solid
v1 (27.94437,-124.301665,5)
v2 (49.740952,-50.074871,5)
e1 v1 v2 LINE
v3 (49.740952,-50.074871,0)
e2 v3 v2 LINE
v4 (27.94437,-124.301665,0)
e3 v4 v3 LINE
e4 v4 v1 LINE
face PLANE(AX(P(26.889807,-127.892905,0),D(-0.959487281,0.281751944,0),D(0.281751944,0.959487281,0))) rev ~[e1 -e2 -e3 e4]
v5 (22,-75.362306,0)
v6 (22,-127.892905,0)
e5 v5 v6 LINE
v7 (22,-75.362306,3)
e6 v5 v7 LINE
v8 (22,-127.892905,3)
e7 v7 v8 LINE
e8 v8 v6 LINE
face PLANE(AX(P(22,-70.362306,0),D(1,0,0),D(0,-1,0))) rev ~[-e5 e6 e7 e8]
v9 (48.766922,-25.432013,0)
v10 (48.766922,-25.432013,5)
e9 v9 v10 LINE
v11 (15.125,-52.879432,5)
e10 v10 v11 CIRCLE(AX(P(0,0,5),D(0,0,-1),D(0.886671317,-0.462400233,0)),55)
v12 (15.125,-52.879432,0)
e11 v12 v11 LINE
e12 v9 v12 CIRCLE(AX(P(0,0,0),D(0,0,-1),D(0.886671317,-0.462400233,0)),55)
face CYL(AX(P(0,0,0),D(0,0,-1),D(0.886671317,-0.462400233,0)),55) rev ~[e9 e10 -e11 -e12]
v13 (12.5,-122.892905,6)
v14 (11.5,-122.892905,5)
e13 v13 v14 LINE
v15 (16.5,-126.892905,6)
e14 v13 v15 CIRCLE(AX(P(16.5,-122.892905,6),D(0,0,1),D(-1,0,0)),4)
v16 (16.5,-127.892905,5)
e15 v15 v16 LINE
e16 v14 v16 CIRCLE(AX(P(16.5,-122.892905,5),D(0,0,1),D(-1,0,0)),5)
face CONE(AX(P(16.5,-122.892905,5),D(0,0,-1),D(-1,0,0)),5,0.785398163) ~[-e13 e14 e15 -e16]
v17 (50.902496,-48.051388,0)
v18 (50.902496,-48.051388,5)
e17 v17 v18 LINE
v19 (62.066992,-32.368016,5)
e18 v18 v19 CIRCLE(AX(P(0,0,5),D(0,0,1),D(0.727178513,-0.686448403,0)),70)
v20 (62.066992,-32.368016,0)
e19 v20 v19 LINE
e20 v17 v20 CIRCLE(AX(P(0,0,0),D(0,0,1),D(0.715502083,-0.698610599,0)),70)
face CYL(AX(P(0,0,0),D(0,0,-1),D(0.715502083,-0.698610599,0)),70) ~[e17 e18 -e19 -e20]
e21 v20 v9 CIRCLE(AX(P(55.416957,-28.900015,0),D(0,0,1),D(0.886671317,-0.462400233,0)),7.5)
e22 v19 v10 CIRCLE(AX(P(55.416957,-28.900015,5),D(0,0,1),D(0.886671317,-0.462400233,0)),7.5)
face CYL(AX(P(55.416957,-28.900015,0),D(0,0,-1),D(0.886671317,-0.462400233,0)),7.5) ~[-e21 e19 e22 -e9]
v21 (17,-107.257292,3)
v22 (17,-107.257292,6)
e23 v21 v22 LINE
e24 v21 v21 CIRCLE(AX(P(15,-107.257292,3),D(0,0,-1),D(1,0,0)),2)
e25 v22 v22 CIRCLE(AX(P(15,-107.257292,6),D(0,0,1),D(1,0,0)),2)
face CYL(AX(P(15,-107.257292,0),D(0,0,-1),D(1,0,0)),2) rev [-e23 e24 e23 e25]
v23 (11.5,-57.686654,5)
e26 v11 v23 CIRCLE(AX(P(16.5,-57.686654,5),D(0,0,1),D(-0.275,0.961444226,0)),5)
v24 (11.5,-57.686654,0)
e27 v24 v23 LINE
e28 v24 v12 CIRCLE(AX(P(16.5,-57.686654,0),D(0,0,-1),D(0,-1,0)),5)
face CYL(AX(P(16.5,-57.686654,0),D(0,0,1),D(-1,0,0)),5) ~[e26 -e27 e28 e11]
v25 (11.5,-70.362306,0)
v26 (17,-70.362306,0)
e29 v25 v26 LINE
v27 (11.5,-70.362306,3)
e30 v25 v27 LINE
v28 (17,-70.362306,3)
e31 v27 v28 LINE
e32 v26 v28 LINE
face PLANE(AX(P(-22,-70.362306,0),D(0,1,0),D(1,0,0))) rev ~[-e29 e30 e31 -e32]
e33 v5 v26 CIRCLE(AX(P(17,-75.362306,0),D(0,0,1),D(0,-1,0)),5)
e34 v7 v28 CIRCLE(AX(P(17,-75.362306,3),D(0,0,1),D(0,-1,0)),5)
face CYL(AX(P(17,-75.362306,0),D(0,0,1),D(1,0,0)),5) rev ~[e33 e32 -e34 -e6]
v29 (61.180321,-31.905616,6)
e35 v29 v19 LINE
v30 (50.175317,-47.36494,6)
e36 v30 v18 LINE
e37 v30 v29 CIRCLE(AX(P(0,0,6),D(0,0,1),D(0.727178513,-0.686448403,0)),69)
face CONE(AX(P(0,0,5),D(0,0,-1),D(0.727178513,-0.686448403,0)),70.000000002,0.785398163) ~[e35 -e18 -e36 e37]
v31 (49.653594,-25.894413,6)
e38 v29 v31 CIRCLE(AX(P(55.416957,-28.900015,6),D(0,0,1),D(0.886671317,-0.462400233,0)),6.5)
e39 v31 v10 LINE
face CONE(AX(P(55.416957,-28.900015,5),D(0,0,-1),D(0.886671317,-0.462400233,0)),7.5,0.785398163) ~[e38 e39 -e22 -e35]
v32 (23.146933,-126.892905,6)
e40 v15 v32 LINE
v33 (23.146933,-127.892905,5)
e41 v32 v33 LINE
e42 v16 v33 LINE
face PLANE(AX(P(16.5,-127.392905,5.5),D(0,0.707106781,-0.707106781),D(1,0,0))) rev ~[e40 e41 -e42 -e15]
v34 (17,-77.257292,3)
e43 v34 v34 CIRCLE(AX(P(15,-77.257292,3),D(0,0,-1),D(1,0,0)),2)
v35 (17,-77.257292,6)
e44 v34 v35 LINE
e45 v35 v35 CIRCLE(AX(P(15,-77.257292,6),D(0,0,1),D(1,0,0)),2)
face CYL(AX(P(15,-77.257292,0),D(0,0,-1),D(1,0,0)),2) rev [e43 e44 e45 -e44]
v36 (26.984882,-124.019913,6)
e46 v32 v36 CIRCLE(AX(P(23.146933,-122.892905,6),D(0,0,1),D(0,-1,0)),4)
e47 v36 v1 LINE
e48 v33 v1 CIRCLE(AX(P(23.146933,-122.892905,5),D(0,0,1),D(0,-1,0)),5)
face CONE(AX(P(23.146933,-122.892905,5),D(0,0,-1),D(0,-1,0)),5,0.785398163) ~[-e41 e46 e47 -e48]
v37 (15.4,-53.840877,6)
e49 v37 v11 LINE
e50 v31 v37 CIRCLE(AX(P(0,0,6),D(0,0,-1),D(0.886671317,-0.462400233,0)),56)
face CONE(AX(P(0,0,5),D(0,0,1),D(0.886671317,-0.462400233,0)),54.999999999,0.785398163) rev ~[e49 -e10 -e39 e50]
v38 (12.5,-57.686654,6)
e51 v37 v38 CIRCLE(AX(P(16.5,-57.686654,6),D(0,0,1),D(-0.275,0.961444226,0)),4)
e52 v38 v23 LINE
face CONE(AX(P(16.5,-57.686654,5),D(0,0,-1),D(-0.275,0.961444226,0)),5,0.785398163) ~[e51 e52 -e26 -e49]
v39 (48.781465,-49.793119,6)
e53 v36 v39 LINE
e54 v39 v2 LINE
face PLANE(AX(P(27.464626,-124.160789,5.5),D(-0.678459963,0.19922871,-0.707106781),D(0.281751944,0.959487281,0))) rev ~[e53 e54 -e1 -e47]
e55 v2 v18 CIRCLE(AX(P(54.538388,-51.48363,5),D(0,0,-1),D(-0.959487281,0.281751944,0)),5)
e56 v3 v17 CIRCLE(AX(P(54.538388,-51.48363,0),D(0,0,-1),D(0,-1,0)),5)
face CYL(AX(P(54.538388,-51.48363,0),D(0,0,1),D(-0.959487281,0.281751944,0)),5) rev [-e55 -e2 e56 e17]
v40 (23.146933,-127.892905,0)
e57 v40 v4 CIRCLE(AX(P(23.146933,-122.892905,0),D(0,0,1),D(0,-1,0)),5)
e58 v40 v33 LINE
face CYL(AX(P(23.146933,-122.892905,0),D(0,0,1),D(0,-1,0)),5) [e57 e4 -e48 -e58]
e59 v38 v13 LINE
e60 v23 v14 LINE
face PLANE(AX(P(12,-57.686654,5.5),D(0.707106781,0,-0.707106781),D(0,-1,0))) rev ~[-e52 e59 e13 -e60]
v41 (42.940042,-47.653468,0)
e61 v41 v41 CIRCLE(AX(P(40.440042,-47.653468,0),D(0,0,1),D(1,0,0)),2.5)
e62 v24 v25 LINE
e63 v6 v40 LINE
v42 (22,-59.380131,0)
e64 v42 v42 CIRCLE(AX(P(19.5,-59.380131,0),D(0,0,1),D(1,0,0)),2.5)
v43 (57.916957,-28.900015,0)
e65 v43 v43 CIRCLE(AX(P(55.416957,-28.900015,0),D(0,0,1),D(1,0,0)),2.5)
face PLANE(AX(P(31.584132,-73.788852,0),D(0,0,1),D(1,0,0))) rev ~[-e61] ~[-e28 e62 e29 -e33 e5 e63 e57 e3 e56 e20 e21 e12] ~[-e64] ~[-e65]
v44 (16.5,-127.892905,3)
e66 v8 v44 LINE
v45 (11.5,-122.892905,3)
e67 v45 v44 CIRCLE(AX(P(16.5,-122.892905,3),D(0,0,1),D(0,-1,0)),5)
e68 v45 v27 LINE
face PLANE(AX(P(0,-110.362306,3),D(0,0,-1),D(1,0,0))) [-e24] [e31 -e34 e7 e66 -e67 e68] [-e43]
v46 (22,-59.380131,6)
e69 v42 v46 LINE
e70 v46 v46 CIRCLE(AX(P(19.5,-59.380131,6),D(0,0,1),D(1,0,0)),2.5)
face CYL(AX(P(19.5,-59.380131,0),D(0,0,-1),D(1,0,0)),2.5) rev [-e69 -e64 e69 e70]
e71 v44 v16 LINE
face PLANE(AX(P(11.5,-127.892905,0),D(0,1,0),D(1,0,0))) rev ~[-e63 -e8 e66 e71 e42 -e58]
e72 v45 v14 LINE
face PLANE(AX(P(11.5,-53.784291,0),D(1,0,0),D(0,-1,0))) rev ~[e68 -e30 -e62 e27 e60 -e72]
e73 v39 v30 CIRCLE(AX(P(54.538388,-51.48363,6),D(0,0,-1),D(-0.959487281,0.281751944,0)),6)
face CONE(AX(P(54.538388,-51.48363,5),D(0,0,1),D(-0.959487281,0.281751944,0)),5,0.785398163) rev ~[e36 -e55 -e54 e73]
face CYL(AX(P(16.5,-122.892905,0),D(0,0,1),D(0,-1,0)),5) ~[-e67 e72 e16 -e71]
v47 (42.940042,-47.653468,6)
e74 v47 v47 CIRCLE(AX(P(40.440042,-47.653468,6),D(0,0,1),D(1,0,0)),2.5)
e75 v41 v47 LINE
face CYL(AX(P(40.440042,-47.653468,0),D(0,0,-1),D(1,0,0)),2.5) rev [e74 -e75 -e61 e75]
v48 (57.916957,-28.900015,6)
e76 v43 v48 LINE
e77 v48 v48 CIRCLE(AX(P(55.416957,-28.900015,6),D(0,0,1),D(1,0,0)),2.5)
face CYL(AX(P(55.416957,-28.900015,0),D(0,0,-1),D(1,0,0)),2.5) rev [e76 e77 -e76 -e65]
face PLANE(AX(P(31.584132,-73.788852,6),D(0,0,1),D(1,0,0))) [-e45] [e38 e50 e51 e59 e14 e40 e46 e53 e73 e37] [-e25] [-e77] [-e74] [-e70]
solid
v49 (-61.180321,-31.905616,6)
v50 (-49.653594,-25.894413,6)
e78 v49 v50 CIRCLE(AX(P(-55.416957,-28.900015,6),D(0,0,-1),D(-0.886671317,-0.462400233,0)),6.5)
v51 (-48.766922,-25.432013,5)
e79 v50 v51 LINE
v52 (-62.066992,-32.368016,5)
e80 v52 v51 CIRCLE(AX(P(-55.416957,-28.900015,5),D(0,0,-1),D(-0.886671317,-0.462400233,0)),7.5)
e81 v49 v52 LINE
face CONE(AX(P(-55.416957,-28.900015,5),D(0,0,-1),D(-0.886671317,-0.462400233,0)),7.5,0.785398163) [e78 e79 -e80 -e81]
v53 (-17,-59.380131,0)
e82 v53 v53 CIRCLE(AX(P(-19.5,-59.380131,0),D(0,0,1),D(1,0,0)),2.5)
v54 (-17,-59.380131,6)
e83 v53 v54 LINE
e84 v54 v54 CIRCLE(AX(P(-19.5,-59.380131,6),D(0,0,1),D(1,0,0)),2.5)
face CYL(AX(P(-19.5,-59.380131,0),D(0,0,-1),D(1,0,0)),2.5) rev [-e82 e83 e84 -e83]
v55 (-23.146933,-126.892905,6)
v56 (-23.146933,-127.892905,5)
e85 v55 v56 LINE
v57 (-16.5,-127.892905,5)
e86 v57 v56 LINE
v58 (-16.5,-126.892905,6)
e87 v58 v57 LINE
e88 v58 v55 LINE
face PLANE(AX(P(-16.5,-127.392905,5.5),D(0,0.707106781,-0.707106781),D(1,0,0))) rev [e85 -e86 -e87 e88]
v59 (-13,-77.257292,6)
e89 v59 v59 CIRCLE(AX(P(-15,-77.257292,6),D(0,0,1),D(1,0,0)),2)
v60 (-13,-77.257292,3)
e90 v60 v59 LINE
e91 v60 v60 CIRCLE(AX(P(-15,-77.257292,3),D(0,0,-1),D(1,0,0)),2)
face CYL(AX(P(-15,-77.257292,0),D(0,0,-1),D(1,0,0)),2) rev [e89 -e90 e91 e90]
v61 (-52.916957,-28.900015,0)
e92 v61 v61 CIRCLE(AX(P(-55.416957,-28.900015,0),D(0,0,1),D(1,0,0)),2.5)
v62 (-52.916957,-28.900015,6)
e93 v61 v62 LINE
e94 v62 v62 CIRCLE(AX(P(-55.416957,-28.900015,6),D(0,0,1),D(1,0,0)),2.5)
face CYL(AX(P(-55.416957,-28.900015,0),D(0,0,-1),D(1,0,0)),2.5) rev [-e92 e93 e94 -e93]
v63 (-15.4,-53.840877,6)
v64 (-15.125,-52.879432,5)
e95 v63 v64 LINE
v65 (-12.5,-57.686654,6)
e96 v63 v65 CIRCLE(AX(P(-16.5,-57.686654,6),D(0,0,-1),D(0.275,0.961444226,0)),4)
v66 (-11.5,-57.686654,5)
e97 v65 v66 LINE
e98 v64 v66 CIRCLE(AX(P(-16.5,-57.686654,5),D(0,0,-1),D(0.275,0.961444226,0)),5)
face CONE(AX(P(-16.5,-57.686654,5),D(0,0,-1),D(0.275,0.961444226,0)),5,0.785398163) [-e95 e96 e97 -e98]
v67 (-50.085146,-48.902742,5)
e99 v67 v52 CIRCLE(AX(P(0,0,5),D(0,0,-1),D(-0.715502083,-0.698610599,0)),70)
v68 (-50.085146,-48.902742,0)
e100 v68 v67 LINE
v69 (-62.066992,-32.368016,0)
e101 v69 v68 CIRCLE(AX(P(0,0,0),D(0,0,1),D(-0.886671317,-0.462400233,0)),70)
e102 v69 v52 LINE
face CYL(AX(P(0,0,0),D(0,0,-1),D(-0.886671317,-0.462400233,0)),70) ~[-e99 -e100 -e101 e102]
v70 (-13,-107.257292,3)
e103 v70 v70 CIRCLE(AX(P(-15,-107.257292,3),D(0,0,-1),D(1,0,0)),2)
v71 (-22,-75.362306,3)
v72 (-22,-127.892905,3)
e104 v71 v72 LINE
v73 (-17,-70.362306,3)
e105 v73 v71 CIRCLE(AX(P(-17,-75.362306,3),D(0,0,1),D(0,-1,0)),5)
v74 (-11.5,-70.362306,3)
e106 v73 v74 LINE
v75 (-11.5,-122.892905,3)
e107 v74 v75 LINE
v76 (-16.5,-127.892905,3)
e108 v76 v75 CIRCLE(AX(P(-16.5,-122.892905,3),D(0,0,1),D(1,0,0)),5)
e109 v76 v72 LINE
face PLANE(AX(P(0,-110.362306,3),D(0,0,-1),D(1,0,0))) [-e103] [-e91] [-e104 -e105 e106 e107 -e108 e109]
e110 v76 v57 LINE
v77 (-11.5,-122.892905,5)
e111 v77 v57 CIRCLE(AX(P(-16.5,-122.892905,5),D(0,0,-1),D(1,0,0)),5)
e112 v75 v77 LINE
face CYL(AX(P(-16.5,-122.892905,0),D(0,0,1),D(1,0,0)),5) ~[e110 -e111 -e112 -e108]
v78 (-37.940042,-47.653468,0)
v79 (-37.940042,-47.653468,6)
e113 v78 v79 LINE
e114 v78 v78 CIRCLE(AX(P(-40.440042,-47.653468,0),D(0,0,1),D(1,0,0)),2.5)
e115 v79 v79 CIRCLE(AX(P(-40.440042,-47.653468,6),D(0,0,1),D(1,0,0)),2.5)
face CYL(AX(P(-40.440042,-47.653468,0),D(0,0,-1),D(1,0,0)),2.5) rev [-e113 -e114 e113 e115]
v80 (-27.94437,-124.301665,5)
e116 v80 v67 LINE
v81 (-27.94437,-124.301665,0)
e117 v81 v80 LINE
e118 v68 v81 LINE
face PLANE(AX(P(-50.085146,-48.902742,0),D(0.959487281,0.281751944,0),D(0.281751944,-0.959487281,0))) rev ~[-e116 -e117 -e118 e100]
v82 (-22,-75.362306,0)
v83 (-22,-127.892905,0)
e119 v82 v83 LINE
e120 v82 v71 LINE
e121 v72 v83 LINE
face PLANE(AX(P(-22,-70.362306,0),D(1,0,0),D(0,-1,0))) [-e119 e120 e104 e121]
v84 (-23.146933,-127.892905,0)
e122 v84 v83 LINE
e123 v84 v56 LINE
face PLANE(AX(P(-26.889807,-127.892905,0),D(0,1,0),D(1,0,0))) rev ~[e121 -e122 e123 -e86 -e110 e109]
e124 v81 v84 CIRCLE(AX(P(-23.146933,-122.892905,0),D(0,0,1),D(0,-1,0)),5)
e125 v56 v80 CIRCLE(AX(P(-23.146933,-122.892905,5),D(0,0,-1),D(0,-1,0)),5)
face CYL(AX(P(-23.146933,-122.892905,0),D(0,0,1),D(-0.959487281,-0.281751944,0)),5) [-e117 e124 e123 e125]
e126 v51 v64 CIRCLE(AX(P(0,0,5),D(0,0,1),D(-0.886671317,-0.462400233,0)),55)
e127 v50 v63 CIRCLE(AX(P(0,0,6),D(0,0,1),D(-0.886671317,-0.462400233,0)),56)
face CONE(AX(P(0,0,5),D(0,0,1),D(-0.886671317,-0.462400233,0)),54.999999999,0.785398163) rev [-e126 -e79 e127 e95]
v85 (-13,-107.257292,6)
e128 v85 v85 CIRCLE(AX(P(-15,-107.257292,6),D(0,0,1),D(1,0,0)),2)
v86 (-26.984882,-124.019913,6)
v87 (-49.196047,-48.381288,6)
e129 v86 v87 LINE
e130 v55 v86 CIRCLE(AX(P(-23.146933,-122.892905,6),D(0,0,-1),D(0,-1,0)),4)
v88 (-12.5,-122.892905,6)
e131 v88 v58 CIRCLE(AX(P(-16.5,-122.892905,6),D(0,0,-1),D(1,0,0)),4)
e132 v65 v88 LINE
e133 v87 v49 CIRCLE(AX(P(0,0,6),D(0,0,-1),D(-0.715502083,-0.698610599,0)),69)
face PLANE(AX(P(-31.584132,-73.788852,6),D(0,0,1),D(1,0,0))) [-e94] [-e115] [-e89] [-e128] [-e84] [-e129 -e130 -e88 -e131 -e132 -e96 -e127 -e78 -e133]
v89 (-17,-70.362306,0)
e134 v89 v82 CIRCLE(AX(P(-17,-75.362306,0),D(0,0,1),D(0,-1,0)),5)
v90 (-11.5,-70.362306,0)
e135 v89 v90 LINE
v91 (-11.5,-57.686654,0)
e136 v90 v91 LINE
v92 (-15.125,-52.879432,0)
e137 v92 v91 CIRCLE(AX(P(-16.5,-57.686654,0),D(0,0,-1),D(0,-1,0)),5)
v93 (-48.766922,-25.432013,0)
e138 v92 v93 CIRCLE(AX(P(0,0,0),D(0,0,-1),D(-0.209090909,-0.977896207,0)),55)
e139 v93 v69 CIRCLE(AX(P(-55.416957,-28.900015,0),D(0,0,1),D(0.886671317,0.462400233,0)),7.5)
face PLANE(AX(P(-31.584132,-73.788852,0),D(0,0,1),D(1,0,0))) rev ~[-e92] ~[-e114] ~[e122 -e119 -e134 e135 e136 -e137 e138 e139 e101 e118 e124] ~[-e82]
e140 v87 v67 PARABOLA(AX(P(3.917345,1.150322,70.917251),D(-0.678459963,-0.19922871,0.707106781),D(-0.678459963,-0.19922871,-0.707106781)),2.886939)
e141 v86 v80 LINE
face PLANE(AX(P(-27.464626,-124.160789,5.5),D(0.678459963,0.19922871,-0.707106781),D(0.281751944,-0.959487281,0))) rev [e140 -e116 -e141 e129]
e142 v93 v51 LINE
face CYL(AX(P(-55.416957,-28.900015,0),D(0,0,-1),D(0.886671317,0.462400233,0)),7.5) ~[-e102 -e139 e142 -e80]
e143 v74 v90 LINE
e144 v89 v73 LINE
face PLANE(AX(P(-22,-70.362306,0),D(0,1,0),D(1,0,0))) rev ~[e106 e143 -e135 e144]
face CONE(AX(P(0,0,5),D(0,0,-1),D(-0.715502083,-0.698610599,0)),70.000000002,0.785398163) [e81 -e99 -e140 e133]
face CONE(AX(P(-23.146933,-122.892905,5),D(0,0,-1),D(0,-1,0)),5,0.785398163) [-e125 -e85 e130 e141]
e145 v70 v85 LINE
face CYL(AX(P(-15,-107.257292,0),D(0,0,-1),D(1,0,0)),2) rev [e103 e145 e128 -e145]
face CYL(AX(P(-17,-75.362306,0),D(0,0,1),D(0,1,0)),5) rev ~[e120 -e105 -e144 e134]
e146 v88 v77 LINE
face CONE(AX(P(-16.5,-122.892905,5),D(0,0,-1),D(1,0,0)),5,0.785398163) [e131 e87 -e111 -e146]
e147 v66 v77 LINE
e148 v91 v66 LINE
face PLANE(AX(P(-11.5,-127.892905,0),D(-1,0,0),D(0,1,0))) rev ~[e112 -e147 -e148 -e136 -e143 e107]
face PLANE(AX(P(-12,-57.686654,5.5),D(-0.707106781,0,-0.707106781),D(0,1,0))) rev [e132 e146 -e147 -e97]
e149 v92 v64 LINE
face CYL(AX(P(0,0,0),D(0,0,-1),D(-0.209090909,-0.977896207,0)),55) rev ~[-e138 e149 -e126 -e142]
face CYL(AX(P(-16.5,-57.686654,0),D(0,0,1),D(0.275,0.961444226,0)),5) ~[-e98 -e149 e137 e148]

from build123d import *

# Parameters (mm, degrees)
F0_R      = 2
F0_R_2    = 2.5
F1_DEPTH  = 6
F2_R      = 5
F2_2_R    = 5
F3_SIZE   = 1
F3_2_SIZE = 1
F4_W      = 44
F4_H      = 80
F5_DEPTH  = 3
F6_R      = 5
F6_2_R    = 5


with BuildPart() as f1:
    # F0 (on Top) → F1 (new body)
    with BuildSketch(Plane.XY):
        with BuildLine():
            ThreePointArc((-48.7669224449, -25.4320128037), (-58.8849590698, -22.2499796708), (-62.0669922027, -32.3680162957))
            ThreePointArc((-62.0669922027, -32.3680162957), (-56.6822265111, -41.0746296118), (-50.0851457895, -48.9027419604))
            Line((-50.0851457895, -48.9027419604), (-26.8898074388, -127.8929053375))
            Line((-26.8898074388, -127.8929053375), (-11.5, -127.8929053375))
            Line((-11.5, -127.8929053375), (-11.5, -69.0488957189))
            Line((-11.5, -69.0488957189), (-11.5, -53.784291387))
            ThreePointArc((-11.5, -53.784291387), (-33.3014776018, -43.7722696412), (-48.7669224449, -25.4320128037))
        make_face()
        with Locations((-15, -107.2572916746)):
            Circle(F0_R, mode=Mode.SUBTRACT)
        with Locations((-15, -77.2572916746)):
            Circle(F0_R, mode=Mode.SUBTRACT)
        with Locations((-19.5, -59.3801313572)):
            Circle(F0_R_2, mode=Mode.SUBTRACT)
        with Locations((-40.4400420847, -47.6534678296)):
            Circle(F0_R_2, mode=Mode.SUBTRACT)
        with Locations((-55.4169573238, -28.9000145497)):
            Circle(F0_R_2, mode=Mode.SUBTRACT)
    extrude(amount=F1_DEPTH)

    # F2
    f2_edges = [f1.edges().sort_by_distance(p)[0] for p in [
        (-26.889807, -127.892905, 3),
        (-11.5, -127.892905, 3),
        (-11.5, -53.784291, 3),
    ]]
    fillet(f2_edges, radius=F2_R)

    # F3
    f3_edges = [f1.edges().sort_by_distance(p)[0] for p in [
        (-12.964466, -126.428439, 6),
    ]]
    chamfer(f3_edges, length=F3_SIZE)


with BuildPart() as f1b:
    # F0 (on Top) → F1, piece 2 (new body)
    with BuildSketch(Plane.XY):
        with BuildLine():
            Line((11.5, -69.0488957189), (11.5, -127.8929053375))
            Line((11.5, -127.8929053375), (26.8898074388, -127.8929053375))
            Line((26.8898074388, -127.8929053375), (50.0851457895, -48.9027419604))
            ThreePointArc((50.0851457895, -48.9027419604), (56.6822265111, -41.0746296118), (62.0669922027, -32.3680162957))
            ThreePointArc((62.0669922027, -32.3680162957), (58.8849590698, -22.2499796708), (48.7669224449, -25.4320128037))
            ThreePointArc((48.7669224449, -25.4320128037), (33.3014776018, -43.7722696412), (11.5, -53.784291387))
            Line((11.5, -53.784291387), (11.5, -69.0488957189))
        make_face()
        with Locations((15, -107.2572916746)):
            Circle(F0_R, mode=Mode.SUBTRACT)
        with Locations((15, -77.2572916746)):
            Circle(F0_R, mode=Mode.SUBTRACT)
        with Locations((19.5, -59.3801313572)):
            Circle(F0_R_2, mode=Mode.SUBTRACT)
        with Locations((40.4400420847, -47.6534678296)):
            Circle(F0_R_2, mode=Mode.SUBTRACT)
        with Locations((55.4169573238, -28.9000145497)):
            Circle(F0_R_2, mode=Mode.SUBTRACT)
    extrude(amount=F1_DEPTH)

    # F2#2
    f2_2_edges = [f1b.edges().sort_by_distance(p)[0] for p in [
        (11.5, -53.784291, 3),
        (11.5, -127.892905, 3),
        (26.889807, -127.892905, 3),
        (50.085146, -48.902742, 3),
    ]]
    fillet(f2_2_edges, radius=F2_2_R)

    # F3#2
    f3_2_edges = [f1b.edges().sort_by_distance(p)[0] for p in [
        (11.5, -90.289779, 6),
    ]]
    chamfer(f3_2_edges, length=F3_2_SIZE)


with BuildPart() as f5_tool:
    # F4 (on face) → F5 (new body)
    with BuildSketch(Plane(origin=(0, 0, 0), x_dir=(1, 0, 0), z_dir=(0, 0, -1))):
        with Locations((0, 110.3623062372)):
            Rectangle(F4_W, F4_H)
    extrude(amount=-F5_DEPTH)


with BuildPart() as f1_1:
    add(f1.part)

    # F5: cut by f5_tool
    add(f5_tool.part, mode=Mode.SUBTRACT)

    # F6#2
    f6_2_edges = [f1_1.edges().sort_by_distance(p)[0] for p in [
        (-22, -70.362306, 1.5),
    ]]
    fillet(f6_2_edges, radius=F6_2_R)


with BuildPart() as f1b_1:
    add(f1b.part)

    # F5: cut by f5_tool
    add(f5_tool.part, mode=Mode.SUBTRACT)

    # F6
    f6_edges = [f1b_1.edges().sort_by_distance(p)[0] for p in [
        (22, -70.362306, 1.5),
    ]]
    fillet(f6_edges, radius=F6_R)


solid = Compound([f1_1.part, f1b_1.part])
